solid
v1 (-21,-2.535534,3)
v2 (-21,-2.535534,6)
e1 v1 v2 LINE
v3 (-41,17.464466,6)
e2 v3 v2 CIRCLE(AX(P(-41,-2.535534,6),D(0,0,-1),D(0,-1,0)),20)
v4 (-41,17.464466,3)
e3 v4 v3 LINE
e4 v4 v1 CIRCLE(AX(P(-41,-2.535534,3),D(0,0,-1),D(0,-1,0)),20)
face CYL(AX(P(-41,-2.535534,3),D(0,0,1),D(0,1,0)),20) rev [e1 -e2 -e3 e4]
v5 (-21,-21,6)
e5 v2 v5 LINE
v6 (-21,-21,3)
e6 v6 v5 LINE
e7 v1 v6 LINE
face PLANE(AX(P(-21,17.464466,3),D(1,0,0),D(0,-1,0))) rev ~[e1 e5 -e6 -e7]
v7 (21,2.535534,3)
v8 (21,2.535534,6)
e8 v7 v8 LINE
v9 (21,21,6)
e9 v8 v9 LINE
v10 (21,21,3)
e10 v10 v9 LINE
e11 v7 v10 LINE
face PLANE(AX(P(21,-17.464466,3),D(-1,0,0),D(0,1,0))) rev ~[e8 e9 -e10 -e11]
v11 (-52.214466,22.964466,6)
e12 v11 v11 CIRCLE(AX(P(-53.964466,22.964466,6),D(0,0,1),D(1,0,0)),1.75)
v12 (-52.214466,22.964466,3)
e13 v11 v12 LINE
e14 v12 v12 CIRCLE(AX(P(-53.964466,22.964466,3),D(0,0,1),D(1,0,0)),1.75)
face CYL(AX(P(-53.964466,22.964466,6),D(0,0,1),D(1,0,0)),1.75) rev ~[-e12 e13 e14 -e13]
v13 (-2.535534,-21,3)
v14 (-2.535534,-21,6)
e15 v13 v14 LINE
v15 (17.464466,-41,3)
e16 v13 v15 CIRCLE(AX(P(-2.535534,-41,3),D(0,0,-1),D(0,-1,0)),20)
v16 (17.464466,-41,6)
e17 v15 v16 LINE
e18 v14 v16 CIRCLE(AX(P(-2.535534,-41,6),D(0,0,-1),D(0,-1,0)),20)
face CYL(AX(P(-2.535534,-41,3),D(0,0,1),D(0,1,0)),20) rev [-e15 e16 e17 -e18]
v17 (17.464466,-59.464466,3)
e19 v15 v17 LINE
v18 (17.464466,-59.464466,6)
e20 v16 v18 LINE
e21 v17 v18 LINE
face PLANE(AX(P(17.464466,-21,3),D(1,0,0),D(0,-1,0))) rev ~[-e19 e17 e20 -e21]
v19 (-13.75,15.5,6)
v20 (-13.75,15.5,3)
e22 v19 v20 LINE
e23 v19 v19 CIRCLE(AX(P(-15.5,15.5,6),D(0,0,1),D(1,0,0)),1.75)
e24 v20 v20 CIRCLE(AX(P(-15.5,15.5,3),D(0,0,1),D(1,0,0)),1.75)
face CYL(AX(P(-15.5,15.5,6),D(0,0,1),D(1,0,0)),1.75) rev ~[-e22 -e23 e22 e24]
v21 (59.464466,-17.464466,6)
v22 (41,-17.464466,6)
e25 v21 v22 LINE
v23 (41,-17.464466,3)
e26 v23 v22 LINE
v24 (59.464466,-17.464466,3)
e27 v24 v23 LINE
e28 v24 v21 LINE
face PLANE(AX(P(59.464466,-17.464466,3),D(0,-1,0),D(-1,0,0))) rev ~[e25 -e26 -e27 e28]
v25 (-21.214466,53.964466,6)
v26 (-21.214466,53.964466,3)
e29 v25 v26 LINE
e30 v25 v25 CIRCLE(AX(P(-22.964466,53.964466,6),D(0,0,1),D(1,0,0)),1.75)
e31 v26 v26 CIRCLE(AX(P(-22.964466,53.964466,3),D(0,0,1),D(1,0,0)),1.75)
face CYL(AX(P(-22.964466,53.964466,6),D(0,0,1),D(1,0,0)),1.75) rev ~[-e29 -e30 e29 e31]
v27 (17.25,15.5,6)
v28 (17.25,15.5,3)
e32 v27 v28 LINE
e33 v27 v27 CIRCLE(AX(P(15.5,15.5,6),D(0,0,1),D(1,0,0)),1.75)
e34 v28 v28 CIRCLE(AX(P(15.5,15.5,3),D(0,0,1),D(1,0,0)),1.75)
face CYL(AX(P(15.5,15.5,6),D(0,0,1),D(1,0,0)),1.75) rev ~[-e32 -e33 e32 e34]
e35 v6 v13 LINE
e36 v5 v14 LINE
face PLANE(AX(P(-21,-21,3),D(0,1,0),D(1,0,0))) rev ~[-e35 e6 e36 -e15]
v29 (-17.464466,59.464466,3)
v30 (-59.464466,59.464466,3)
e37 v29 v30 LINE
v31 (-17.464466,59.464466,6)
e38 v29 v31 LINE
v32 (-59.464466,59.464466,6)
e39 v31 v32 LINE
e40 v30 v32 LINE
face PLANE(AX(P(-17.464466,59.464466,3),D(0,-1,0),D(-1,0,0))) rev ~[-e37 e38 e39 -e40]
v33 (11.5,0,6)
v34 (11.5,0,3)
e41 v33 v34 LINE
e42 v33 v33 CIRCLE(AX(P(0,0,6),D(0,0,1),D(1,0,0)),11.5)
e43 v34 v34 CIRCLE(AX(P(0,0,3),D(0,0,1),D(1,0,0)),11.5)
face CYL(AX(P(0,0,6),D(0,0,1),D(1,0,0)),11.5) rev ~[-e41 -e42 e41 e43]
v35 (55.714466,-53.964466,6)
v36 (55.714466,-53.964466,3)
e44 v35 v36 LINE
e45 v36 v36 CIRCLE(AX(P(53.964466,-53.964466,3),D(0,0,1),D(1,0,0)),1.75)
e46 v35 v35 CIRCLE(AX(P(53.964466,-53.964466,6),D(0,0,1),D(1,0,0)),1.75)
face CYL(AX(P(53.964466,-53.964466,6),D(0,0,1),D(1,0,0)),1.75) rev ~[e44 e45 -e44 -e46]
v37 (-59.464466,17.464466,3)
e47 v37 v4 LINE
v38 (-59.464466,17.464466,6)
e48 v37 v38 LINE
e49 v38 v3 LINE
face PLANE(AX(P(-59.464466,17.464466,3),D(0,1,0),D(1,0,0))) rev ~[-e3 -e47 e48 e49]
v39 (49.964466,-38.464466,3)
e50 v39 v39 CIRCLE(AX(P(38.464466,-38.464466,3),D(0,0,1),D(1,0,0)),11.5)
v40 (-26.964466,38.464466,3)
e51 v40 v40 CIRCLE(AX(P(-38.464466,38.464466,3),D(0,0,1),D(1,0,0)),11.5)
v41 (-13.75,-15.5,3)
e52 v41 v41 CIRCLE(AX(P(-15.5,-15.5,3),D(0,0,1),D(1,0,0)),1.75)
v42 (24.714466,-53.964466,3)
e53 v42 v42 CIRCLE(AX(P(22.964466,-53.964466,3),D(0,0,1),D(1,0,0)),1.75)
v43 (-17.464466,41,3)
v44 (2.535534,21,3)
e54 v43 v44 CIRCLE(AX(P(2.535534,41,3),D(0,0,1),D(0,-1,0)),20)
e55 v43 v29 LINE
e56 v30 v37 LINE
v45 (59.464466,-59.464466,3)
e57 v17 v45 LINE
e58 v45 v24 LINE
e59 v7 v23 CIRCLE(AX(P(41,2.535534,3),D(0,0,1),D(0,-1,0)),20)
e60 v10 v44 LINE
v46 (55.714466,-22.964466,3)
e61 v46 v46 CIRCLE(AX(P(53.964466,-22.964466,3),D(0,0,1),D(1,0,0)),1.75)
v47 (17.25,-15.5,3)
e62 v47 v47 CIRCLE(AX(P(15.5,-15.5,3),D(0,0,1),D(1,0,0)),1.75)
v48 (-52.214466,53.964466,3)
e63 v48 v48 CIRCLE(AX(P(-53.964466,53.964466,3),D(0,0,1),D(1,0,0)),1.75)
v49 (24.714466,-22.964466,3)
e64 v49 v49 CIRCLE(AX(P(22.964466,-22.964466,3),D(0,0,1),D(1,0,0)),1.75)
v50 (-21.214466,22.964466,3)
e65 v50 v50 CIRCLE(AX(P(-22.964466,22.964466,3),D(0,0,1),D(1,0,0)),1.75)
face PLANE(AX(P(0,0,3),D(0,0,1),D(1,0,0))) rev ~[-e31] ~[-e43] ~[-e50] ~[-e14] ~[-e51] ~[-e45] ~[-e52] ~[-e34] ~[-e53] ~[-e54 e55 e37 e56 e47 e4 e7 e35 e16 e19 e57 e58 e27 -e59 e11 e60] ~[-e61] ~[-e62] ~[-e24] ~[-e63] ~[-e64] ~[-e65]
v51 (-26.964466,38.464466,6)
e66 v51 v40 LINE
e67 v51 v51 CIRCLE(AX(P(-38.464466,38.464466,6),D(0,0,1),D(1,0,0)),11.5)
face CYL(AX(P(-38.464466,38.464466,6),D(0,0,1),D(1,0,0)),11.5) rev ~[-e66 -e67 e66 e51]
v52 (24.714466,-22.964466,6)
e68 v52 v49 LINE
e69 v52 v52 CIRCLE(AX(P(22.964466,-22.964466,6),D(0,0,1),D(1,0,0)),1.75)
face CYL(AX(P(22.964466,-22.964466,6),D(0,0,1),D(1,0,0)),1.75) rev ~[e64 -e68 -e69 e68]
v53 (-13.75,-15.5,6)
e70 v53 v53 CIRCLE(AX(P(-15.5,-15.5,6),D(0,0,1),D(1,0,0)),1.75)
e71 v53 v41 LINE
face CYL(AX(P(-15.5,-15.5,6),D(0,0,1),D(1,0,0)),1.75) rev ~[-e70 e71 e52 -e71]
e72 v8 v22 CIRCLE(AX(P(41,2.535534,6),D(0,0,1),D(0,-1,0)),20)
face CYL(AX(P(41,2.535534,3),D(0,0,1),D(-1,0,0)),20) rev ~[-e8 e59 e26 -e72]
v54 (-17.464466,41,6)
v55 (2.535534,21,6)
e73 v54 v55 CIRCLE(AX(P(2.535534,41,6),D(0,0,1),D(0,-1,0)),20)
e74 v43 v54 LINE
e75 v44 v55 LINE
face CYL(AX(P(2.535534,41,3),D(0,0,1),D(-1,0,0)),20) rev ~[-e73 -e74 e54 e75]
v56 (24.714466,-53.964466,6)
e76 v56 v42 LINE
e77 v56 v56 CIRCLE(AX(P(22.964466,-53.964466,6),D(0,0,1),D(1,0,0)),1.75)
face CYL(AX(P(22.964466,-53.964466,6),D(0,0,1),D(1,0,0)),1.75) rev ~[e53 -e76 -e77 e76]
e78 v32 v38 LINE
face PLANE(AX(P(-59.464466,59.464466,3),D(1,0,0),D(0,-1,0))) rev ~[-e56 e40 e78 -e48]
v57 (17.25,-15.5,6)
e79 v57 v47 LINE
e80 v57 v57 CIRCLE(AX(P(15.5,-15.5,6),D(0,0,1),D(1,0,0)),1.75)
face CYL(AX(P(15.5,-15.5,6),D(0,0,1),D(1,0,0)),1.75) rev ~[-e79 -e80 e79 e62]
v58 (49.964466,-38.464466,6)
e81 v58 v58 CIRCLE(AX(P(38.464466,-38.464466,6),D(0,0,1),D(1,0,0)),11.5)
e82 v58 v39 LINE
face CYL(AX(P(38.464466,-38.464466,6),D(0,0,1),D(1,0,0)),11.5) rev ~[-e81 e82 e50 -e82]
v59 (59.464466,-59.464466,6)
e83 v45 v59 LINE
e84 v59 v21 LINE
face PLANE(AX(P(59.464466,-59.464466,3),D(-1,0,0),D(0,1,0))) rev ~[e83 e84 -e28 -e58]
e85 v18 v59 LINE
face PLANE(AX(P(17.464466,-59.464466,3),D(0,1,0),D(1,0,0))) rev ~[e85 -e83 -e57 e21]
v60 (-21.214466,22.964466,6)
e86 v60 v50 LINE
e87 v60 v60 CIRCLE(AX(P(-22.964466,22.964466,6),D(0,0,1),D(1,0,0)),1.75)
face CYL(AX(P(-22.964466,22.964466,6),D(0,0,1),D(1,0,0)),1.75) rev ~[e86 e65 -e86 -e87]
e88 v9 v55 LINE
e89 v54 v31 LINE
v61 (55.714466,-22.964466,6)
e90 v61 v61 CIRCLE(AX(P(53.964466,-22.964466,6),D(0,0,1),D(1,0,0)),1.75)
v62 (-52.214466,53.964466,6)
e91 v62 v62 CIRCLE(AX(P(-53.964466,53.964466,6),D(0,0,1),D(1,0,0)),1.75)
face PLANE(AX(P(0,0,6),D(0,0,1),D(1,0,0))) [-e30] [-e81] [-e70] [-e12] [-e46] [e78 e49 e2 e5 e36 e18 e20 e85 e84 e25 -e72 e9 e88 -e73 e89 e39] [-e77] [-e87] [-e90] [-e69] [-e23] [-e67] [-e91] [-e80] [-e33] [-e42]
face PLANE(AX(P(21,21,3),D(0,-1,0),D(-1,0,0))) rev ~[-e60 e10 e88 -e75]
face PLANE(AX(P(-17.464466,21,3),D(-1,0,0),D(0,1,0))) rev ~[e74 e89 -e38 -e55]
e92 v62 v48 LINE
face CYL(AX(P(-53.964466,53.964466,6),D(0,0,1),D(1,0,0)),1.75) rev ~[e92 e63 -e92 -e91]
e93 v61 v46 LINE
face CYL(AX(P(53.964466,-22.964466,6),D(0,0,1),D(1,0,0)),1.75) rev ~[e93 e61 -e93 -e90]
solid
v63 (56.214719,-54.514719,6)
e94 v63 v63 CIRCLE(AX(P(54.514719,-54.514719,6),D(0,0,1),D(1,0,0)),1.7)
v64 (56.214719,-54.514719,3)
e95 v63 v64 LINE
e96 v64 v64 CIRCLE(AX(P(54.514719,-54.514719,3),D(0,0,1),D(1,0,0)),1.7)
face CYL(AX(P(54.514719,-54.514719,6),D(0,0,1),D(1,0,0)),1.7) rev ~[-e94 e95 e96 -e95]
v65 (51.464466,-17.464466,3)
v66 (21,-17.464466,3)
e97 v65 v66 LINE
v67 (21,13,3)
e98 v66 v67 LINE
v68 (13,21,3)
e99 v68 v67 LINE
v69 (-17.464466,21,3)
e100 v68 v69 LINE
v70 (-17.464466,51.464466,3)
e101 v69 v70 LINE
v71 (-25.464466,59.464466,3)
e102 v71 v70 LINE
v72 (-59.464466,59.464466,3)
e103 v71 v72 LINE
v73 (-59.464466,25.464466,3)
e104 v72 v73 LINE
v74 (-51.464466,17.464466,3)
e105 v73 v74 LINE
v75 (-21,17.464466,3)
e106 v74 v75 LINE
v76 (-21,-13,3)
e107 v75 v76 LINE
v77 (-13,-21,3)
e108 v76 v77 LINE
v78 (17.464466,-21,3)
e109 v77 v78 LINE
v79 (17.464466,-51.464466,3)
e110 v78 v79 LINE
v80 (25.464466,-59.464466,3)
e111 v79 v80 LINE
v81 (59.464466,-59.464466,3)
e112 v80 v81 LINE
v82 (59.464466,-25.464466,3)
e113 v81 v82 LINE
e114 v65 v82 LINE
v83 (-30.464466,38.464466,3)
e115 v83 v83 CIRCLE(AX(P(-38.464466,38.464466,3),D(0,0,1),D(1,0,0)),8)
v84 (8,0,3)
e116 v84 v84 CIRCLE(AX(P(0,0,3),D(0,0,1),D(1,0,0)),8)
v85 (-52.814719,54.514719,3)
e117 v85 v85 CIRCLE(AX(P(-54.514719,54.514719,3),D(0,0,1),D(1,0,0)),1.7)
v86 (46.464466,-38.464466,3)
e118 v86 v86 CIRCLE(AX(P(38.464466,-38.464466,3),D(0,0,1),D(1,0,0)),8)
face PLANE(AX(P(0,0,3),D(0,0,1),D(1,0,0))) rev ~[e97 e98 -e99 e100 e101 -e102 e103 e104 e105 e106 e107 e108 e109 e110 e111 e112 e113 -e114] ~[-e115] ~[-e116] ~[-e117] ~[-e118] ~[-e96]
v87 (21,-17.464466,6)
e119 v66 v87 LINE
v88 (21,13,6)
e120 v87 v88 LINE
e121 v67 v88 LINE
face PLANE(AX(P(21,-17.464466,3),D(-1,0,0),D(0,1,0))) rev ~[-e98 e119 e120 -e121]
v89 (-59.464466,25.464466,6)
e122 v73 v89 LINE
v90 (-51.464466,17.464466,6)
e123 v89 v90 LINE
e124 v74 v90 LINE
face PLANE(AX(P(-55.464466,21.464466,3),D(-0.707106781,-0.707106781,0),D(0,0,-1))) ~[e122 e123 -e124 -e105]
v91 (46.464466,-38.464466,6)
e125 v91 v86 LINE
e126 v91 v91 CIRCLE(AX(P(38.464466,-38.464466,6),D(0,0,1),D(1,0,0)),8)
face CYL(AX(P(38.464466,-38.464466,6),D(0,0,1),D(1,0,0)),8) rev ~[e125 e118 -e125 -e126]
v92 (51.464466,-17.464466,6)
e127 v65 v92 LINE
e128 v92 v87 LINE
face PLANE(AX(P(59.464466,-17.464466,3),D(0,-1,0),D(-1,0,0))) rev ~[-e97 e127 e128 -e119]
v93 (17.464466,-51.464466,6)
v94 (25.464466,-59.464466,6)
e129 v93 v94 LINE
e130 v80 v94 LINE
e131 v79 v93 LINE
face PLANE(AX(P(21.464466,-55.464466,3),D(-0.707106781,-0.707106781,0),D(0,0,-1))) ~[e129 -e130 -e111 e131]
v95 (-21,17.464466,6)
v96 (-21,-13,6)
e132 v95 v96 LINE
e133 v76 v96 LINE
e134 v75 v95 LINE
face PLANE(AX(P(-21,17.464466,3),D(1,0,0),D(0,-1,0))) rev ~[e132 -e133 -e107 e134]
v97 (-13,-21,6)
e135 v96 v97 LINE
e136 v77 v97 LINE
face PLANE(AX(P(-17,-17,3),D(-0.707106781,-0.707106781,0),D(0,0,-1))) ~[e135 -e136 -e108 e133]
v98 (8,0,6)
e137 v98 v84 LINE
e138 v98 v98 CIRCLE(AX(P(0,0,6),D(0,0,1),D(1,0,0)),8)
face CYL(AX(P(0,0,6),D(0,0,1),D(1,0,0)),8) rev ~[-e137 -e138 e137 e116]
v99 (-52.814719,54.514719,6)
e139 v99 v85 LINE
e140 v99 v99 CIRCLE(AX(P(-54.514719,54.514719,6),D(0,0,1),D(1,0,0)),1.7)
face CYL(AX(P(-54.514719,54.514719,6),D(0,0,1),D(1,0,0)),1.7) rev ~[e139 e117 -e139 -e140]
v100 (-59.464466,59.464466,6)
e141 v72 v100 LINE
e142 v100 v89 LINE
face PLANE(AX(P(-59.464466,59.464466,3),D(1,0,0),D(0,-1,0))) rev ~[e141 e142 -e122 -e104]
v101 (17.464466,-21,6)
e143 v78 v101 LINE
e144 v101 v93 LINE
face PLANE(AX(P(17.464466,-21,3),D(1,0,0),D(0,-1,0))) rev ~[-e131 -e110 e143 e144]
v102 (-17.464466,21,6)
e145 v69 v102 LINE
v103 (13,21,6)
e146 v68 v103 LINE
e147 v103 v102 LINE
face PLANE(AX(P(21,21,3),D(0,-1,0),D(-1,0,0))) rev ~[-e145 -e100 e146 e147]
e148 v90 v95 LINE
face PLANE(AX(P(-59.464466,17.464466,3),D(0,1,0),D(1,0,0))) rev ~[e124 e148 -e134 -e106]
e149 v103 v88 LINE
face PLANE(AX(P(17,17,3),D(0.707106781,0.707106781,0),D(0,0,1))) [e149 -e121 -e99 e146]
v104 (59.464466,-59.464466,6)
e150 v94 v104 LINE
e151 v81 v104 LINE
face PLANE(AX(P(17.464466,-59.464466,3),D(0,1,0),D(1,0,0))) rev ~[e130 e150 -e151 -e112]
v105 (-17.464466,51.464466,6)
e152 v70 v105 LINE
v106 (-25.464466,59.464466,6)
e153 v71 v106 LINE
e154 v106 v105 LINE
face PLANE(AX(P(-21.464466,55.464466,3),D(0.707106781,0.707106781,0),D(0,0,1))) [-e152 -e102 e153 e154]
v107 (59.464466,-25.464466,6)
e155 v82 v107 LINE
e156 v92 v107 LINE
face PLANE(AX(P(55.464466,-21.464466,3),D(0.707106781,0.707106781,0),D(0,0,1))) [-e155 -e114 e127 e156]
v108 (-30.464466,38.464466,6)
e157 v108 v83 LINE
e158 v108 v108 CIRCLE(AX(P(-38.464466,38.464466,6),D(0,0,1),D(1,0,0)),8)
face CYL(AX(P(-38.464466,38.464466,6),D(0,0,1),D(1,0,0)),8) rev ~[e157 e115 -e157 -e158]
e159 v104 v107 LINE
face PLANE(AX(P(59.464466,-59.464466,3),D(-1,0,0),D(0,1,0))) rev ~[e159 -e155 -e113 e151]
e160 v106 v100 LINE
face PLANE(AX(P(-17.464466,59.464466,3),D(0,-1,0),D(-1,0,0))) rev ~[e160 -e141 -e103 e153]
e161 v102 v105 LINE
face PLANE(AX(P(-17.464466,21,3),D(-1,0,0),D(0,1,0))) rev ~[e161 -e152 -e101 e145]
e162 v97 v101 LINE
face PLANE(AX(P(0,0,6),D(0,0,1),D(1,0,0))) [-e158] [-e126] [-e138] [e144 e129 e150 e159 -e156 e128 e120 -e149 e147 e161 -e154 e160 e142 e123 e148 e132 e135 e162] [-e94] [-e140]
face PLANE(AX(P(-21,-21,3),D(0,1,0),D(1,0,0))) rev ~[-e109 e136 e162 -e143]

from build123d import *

# Parameters (mm, degrees)
PAD_DEPTH       = 3
SKETCH001_R     = 11.5
SKETCH001_R_2   = 1.75
POCKET_DEPTH    = 3.001
FILLET_R        = 20
PAD001_DEPTH    = 3
SKETCH002_R     = 8
SKETCH002_R_2   = 1.7
POCKET001_DEPTH = 3.001
CHAMFER_SIZE    = 8


with BuildPart() as body:
    # Sketch → Pad (new body)
    with BuildSketch(Plane.XY.offset(3)):
        Polygon((-59.464466, 59.464466), (-59.464466, 17.464466), (-21, 17.464466), (-21, -21), (17.464466, -21), (17.464466, -59.464466), (59.464466, -59.464466), (59.464466, -17.464466), (21, -17.464466), (21, 21), (-17.464466, 21), (-17.464466, 59.464466), align=None)
    extrude(amount=PAD_DEPTH)

    # Sketch001 (on Face14 of Pad) → Pocket (cut, through all)
    with BuildSketch(Plane.XY.offset(6)):
        with Locations((-38.464466, 38.464466)):
            Circle(SKETCH001_R)
        Circle(SKETCH001_R)
        with Locations((38.464466, -38.464466)):
            Circle(SKETCH001_R)
        with Locations((53.964466, -22.964466)):
            Circle(SKETCH001_R_2)
        with Locations((53.964466, -53.964466)):
            Circle(SKETCH001_R_2)
        with Locations((22.964466, -53.964466)):
            Circle(SKETCH001_R_2)
        with Locations((22.964466, -22.964466)):
            Circle(SKETCH001_R_2)
        with Locations((15.5, -15.5)):
            Circle(SKETCH001_R_2)
        with Locations((15.5, 15.5)):
            Circle(SKETCH001_R_2)
        with Locations((-15.5, 15.5)):
            Circle(SKETCH001_R_2)
        with Locations((-15.5, -15.5)):
            Circle(SKETCH001_R_2)
        with Locations((-22.964466, 22.964466)):
            Circle(SKETCH001_R_2)
        with Locations((-53.964466, 22.964466)):
            Circle(SKETCH001_R_2)
        with Locations((-53.964466, 53.964466)):
            Circle(SKETCH001_R_2)
        with Locations((-22.964466, 53.964466)):
            Circle(SKETCH001_R_2)
    extrude(amount=-POCKET_DEPTH, mode=Mode.SUBTRACT)

    # Fillet
    fillet_edges = [body.edges().sort_by_distance(p)[0] for p in [
        (-21, 17.464466, 4.5),
        (-17.464466, 21, 4.5),
        (21, -17.464466, 4.5),
        (17.464466, -21, 4.5),
    ]]
    fillet(fillet_edges, radius=FILLET_R)


with BuildPart() as holes:
    # Sketch003 → Pad001 (new body)
    with BuildSketch(Plane.XY.offset(3)):
        Polygon((-59.464466, 59.464466), (-59.464466, 17.464466), (-21, 17.464466), (-21, -21), (17.464466, -21), (17.464466, -59.464466), (59.464466, -59.464466), (59.464466, -17.464466), (21, -17.464466), (21, 21), (-17.464466, 21), (-17.464466, 59.464466), align=None)
    extrude(amount=PAD001_DEPTH)

    # Sketch002 (on Face14 of Pad001) → Pocket001 (cut, through all)
    with BuildSketch(Plane.XY.offset(6)):
        with Locations((-38.464466, 38.464466)):
            Circle(SKETCH002_R)
        Circle(SKETCH002_R)
        with Locations((38.464466, -38.464466)):
            Circle(SKETCH002_R)
        with Locations((-54.514719, 54.514719)):
            Circle(SKETCH002_R_2)
        with Locations((54.514719, -54.514719)):
            Circle(SKETCH002_R_2)
    extrude(amount=-POCKET001_DEPTH, mode=Mode.SUBTRACT)

    # Chamfer
    chamfer_edges = [holes.edges().sort_by_distance(p)[0] for p in [
        (-17.464466, 59.464466, 4.5),
        (21, 21, 4.5),
        (59.464466, -17.464466, 4.5),
        (-59.464466, 17.464466, 4.5),
        (-21, -21, 4.5),
        (17.464466, -59.464466, 4.5),
    ]]
    chamfer(chamfer_edges, length=CHAMFER_SIZE)


solid = Compound([body.part, holes.part])
